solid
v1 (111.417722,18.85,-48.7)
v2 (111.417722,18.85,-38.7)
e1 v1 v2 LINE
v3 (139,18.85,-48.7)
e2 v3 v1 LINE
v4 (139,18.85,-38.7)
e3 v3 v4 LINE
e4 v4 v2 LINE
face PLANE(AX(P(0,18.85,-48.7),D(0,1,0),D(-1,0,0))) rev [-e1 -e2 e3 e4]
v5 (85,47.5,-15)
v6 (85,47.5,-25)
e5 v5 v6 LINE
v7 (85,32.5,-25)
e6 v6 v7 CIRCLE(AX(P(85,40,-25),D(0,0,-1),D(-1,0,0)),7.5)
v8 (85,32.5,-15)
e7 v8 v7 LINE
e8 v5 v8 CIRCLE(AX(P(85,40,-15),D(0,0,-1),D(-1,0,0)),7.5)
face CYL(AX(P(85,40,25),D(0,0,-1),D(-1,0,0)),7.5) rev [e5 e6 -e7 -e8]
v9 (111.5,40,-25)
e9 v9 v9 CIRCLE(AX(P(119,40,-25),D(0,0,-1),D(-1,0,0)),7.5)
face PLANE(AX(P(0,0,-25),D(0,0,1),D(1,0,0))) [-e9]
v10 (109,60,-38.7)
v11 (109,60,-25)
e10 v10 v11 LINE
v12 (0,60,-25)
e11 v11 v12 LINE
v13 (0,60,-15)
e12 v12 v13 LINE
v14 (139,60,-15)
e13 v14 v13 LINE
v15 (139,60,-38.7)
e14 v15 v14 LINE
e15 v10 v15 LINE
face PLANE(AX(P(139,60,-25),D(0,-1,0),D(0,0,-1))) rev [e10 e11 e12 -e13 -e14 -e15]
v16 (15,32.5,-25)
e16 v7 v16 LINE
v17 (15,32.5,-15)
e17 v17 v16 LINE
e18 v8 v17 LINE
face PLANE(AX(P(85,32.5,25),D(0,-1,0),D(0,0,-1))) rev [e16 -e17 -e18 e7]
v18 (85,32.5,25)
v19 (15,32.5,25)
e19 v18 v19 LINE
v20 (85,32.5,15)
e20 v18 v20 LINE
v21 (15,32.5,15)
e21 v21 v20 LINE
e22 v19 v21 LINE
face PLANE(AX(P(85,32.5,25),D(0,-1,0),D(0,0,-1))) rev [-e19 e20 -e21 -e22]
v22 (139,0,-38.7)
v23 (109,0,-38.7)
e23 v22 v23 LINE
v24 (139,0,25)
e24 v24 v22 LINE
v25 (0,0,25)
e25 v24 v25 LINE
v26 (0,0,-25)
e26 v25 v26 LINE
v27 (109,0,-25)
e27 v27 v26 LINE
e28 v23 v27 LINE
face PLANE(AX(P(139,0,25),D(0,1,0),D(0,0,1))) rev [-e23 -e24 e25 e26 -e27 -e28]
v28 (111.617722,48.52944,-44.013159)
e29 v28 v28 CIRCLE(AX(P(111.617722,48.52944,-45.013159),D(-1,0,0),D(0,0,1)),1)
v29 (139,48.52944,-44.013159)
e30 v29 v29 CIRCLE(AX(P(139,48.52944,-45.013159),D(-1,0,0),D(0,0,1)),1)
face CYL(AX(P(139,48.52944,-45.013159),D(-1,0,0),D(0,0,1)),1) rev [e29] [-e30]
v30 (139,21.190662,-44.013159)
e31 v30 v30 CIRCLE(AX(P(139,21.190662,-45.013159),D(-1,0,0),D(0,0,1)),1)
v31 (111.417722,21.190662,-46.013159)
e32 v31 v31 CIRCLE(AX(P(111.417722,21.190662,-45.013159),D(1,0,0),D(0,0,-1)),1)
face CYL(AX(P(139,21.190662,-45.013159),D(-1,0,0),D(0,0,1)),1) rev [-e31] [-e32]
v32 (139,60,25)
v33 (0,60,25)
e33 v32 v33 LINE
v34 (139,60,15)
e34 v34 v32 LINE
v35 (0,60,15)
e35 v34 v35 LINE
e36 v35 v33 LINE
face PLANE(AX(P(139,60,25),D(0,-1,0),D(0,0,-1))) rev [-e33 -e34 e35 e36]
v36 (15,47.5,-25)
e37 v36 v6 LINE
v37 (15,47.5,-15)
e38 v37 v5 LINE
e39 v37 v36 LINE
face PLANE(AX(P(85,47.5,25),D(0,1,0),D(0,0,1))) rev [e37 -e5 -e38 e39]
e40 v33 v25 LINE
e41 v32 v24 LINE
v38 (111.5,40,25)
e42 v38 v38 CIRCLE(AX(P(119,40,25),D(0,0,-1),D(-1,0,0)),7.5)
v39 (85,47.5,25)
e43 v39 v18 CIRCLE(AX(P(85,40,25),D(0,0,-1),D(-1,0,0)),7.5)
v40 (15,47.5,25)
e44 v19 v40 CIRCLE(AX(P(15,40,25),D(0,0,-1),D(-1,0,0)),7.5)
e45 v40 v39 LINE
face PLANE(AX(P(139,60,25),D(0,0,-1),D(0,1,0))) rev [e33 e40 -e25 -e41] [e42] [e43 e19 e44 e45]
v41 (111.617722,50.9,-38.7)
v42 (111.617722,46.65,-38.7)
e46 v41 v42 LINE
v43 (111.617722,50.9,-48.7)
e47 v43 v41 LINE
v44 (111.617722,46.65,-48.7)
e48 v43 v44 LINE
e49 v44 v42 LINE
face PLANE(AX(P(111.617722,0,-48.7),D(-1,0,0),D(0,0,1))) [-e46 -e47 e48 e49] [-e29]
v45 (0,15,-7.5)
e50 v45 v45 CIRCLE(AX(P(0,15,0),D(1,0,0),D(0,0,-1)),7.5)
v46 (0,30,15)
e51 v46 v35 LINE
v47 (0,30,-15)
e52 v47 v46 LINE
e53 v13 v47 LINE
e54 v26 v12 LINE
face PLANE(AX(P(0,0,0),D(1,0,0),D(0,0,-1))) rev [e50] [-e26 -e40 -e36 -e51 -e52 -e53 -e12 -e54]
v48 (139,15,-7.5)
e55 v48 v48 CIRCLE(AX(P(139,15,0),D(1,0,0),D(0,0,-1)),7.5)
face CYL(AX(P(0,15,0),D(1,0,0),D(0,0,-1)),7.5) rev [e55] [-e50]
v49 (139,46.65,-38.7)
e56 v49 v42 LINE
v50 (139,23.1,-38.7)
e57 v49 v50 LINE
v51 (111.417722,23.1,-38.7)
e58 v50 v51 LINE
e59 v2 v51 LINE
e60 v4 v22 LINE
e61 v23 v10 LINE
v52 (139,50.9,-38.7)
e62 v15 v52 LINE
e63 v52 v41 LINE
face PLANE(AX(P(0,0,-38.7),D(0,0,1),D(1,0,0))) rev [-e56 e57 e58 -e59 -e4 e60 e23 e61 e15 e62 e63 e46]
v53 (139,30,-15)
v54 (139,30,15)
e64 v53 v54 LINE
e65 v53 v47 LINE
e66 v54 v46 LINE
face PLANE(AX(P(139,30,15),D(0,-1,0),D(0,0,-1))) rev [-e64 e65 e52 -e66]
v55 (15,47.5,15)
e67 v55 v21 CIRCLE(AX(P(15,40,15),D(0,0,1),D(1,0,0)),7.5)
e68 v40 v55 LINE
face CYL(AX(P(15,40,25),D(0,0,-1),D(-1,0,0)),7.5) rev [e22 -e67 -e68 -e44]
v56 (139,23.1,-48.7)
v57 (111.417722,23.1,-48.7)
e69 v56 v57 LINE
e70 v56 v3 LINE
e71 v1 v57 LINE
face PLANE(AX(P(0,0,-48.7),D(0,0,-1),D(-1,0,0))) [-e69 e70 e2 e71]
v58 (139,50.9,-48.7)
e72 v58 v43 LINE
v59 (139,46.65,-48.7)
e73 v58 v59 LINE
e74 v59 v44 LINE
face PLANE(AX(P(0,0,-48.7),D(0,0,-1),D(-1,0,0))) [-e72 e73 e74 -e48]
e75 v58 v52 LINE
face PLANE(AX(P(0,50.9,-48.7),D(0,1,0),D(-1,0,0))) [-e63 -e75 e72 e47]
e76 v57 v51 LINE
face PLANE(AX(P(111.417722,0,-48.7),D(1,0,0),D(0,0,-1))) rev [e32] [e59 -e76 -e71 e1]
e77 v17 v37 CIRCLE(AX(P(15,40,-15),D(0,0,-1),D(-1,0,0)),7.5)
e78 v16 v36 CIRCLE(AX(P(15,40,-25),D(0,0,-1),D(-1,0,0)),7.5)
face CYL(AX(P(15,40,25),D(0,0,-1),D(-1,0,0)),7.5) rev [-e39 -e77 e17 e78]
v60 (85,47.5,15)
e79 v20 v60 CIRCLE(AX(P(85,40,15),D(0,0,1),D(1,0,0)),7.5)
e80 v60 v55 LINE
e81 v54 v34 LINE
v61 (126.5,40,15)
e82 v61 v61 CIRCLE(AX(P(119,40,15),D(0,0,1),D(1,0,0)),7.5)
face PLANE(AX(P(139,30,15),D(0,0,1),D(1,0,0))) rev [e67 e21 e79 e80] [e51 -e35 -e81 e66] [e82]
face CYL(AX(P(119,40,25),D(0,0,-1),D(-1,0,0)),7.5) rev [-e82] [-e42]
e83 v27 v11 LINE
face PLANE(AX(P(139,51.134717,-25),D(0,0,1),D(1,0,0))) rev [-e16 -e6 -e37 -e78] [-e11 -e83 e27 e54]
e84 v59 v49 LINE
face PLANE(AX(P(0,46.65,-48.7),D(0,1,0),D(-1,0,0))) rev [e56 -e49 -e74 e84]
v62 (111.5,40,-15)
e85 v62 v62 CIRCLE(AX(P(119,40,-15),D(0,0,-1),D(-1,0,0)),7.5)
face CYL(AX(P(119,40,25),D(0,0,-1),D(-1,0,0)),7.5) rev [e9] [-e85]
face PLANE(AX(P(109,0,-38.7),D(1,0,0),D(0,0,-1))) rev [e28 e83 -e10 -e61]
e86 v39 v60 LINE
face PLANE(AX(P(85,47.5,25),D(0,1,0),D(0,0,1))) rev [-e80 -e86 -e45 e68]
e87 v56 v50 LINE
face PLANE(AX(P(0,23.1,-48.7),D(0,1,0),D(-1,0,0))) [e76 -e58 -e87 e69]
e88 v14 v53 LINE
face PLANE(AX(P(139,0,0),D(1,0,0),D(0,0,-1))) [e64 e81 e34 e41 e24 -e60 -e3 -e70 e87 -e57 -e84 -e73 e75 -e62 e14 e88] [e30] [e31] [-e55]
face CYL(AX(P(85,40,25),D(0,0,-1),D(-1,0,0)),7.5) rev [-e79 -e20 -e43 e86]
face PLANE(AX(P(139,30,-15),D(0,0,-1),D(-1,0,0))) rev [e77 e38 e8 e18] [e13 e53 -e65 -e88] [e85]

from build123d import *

# Parameters (mm, degrees)
BOSS_EXTRUDE1_DEPTH     = 139
SKETCH3_R               = 7.5
CUT_EXTRUDE1_DEPTH      = 160.439643753
CUT_EXTRUDE2_DEPTH      = 154.447059275
CUT_EXTRUDE2_DEPTH_BACK = 154.447059275
SKETCH4_R               = 7.5
SKETCH5_W               = 30
SKETCH5_H               = 60
BOSS_EXTRUDE2_DEPTH     = 13.7
SKETCH6_W               = 27.582278357
SKETCH6_H               = 4.25
SKETCH6_W_2             = 27.382278357
BOSS_EXTRUDE3_DEPTH     = 10
CUT_EXTRUDE3_DEPTH      = 136.757894005
CUT_EXTRUDE3_DEPTH_BACK = 136.757894005
SKETCH7_R               = 1


with BuildPart() as part:
    # Sketch2 → Boss-Extrude1 (new body)
    with BuildSketch(Plane(origin=(0, 0, 0), x_dir=(0, 0, -1), z_dir=(1, 0, 0))):
        Polygon((-15, 30), (15, 30), (15, 60), (25, 60), (25, 51.134717436), (25, 0), (-25, 0), (-25, 60), (-15, 60), align=None)
    extrude(amount=BOSS_EXTRUDE1_DEPTH)

    # Sketch3 → Cut-Extrude1 (cut, through all)
    with BuildSketch(Plane(origin=(0, 0, -25), x_dir=(-1, 0, 0), z_dir=(0, 0, -1))):
        with Locations((-119, 40)):
            Circle(SKETCH3_R)
        with BuildLine():
            Line((-85, 47.5), (-15, 47.5))
            ThreePointArc((-15, 47.5), (-7.5, 40), (-15, 32.5))
            Line((-15, 32.5), (-85, 32.5))
            ThreePointArc((-85, 32.5), (-92.5, 40), (-85, 47.5))
        make_face()
    extrude(amount=-CUT_EXTRUDE1_DEPTH, mode=Mode.SUBTRACT)

    # Sketch4 → Cut-Extrude2 (cut, two sides: drawn at the far end of the back side and taken through both)
    with BuildSketch(Plane(origin=(139, 0, 0), x_dir=(0, 0, -1), z_dir=(1, 0, 0)).offset(-CUT_EXTRUDE2_DEPTH_BACK)):
        with Locations((0, 15)):
            Circle(SKETCH4_R)
    extrude(amount=CUT_EXTRUDE2_DEPTH + CUT_EXTRUDE2_DEPTH_BACK, mode=Mode.SUBTRACT)

    # Sketch5 → Boss-Extrude2 (add)
    with BuildSketch(Plane(origin=(0, 0, -25), x_dir=(-1, 0, 0), z_dir=(0, 0, -1))):
        with Locations((-124, 30)):
            Rectangle(SKETCH5_W, SKETCH5_H)
    extrude(amount=BOSS_EXTRUDE2_DEPTH)

    # Sketch6 → Boss-Extrude3 (add)
    with BuildSketch(Plane(origin=(0, 0, -38.7), x_dir=(-1, 0, 0), z_dir=(0, 0, -1))):
        with Locations((-125.208860821, 20.975)):
            Rectangle(SKETCH6_W, SKETCH6_H)
        with Locations((-125.308860822, 48.775)):
            Rectangle(SKETCH6_W_2, SKETCH6_H)
    extrude(amount=BOSS_EXTRUDE3_DEPTH)

    # Sketch7 → Cut-Extrude3 (cut, two sides: drawn at the far end of the back side and taken through both)
    with BuildSketch(Plane.ZY.offset(-111.617721643).offset(-CUT_EXTRUDE3_DEPTH_BACK)):
        with Locations((-45.013158899, 48.529439721)):
            Circle(SKETCH7_R)
        with Locations((-45.013158899, 21.190661747)):
            Circle(SKETCH7_R)
    extrude(amount=CUT_EXTRUDE3_DEPTH + CUT_EXTRUDE3_DEPTH_BACK, mode=Mode.SUBTRACT)


solid = part.part
